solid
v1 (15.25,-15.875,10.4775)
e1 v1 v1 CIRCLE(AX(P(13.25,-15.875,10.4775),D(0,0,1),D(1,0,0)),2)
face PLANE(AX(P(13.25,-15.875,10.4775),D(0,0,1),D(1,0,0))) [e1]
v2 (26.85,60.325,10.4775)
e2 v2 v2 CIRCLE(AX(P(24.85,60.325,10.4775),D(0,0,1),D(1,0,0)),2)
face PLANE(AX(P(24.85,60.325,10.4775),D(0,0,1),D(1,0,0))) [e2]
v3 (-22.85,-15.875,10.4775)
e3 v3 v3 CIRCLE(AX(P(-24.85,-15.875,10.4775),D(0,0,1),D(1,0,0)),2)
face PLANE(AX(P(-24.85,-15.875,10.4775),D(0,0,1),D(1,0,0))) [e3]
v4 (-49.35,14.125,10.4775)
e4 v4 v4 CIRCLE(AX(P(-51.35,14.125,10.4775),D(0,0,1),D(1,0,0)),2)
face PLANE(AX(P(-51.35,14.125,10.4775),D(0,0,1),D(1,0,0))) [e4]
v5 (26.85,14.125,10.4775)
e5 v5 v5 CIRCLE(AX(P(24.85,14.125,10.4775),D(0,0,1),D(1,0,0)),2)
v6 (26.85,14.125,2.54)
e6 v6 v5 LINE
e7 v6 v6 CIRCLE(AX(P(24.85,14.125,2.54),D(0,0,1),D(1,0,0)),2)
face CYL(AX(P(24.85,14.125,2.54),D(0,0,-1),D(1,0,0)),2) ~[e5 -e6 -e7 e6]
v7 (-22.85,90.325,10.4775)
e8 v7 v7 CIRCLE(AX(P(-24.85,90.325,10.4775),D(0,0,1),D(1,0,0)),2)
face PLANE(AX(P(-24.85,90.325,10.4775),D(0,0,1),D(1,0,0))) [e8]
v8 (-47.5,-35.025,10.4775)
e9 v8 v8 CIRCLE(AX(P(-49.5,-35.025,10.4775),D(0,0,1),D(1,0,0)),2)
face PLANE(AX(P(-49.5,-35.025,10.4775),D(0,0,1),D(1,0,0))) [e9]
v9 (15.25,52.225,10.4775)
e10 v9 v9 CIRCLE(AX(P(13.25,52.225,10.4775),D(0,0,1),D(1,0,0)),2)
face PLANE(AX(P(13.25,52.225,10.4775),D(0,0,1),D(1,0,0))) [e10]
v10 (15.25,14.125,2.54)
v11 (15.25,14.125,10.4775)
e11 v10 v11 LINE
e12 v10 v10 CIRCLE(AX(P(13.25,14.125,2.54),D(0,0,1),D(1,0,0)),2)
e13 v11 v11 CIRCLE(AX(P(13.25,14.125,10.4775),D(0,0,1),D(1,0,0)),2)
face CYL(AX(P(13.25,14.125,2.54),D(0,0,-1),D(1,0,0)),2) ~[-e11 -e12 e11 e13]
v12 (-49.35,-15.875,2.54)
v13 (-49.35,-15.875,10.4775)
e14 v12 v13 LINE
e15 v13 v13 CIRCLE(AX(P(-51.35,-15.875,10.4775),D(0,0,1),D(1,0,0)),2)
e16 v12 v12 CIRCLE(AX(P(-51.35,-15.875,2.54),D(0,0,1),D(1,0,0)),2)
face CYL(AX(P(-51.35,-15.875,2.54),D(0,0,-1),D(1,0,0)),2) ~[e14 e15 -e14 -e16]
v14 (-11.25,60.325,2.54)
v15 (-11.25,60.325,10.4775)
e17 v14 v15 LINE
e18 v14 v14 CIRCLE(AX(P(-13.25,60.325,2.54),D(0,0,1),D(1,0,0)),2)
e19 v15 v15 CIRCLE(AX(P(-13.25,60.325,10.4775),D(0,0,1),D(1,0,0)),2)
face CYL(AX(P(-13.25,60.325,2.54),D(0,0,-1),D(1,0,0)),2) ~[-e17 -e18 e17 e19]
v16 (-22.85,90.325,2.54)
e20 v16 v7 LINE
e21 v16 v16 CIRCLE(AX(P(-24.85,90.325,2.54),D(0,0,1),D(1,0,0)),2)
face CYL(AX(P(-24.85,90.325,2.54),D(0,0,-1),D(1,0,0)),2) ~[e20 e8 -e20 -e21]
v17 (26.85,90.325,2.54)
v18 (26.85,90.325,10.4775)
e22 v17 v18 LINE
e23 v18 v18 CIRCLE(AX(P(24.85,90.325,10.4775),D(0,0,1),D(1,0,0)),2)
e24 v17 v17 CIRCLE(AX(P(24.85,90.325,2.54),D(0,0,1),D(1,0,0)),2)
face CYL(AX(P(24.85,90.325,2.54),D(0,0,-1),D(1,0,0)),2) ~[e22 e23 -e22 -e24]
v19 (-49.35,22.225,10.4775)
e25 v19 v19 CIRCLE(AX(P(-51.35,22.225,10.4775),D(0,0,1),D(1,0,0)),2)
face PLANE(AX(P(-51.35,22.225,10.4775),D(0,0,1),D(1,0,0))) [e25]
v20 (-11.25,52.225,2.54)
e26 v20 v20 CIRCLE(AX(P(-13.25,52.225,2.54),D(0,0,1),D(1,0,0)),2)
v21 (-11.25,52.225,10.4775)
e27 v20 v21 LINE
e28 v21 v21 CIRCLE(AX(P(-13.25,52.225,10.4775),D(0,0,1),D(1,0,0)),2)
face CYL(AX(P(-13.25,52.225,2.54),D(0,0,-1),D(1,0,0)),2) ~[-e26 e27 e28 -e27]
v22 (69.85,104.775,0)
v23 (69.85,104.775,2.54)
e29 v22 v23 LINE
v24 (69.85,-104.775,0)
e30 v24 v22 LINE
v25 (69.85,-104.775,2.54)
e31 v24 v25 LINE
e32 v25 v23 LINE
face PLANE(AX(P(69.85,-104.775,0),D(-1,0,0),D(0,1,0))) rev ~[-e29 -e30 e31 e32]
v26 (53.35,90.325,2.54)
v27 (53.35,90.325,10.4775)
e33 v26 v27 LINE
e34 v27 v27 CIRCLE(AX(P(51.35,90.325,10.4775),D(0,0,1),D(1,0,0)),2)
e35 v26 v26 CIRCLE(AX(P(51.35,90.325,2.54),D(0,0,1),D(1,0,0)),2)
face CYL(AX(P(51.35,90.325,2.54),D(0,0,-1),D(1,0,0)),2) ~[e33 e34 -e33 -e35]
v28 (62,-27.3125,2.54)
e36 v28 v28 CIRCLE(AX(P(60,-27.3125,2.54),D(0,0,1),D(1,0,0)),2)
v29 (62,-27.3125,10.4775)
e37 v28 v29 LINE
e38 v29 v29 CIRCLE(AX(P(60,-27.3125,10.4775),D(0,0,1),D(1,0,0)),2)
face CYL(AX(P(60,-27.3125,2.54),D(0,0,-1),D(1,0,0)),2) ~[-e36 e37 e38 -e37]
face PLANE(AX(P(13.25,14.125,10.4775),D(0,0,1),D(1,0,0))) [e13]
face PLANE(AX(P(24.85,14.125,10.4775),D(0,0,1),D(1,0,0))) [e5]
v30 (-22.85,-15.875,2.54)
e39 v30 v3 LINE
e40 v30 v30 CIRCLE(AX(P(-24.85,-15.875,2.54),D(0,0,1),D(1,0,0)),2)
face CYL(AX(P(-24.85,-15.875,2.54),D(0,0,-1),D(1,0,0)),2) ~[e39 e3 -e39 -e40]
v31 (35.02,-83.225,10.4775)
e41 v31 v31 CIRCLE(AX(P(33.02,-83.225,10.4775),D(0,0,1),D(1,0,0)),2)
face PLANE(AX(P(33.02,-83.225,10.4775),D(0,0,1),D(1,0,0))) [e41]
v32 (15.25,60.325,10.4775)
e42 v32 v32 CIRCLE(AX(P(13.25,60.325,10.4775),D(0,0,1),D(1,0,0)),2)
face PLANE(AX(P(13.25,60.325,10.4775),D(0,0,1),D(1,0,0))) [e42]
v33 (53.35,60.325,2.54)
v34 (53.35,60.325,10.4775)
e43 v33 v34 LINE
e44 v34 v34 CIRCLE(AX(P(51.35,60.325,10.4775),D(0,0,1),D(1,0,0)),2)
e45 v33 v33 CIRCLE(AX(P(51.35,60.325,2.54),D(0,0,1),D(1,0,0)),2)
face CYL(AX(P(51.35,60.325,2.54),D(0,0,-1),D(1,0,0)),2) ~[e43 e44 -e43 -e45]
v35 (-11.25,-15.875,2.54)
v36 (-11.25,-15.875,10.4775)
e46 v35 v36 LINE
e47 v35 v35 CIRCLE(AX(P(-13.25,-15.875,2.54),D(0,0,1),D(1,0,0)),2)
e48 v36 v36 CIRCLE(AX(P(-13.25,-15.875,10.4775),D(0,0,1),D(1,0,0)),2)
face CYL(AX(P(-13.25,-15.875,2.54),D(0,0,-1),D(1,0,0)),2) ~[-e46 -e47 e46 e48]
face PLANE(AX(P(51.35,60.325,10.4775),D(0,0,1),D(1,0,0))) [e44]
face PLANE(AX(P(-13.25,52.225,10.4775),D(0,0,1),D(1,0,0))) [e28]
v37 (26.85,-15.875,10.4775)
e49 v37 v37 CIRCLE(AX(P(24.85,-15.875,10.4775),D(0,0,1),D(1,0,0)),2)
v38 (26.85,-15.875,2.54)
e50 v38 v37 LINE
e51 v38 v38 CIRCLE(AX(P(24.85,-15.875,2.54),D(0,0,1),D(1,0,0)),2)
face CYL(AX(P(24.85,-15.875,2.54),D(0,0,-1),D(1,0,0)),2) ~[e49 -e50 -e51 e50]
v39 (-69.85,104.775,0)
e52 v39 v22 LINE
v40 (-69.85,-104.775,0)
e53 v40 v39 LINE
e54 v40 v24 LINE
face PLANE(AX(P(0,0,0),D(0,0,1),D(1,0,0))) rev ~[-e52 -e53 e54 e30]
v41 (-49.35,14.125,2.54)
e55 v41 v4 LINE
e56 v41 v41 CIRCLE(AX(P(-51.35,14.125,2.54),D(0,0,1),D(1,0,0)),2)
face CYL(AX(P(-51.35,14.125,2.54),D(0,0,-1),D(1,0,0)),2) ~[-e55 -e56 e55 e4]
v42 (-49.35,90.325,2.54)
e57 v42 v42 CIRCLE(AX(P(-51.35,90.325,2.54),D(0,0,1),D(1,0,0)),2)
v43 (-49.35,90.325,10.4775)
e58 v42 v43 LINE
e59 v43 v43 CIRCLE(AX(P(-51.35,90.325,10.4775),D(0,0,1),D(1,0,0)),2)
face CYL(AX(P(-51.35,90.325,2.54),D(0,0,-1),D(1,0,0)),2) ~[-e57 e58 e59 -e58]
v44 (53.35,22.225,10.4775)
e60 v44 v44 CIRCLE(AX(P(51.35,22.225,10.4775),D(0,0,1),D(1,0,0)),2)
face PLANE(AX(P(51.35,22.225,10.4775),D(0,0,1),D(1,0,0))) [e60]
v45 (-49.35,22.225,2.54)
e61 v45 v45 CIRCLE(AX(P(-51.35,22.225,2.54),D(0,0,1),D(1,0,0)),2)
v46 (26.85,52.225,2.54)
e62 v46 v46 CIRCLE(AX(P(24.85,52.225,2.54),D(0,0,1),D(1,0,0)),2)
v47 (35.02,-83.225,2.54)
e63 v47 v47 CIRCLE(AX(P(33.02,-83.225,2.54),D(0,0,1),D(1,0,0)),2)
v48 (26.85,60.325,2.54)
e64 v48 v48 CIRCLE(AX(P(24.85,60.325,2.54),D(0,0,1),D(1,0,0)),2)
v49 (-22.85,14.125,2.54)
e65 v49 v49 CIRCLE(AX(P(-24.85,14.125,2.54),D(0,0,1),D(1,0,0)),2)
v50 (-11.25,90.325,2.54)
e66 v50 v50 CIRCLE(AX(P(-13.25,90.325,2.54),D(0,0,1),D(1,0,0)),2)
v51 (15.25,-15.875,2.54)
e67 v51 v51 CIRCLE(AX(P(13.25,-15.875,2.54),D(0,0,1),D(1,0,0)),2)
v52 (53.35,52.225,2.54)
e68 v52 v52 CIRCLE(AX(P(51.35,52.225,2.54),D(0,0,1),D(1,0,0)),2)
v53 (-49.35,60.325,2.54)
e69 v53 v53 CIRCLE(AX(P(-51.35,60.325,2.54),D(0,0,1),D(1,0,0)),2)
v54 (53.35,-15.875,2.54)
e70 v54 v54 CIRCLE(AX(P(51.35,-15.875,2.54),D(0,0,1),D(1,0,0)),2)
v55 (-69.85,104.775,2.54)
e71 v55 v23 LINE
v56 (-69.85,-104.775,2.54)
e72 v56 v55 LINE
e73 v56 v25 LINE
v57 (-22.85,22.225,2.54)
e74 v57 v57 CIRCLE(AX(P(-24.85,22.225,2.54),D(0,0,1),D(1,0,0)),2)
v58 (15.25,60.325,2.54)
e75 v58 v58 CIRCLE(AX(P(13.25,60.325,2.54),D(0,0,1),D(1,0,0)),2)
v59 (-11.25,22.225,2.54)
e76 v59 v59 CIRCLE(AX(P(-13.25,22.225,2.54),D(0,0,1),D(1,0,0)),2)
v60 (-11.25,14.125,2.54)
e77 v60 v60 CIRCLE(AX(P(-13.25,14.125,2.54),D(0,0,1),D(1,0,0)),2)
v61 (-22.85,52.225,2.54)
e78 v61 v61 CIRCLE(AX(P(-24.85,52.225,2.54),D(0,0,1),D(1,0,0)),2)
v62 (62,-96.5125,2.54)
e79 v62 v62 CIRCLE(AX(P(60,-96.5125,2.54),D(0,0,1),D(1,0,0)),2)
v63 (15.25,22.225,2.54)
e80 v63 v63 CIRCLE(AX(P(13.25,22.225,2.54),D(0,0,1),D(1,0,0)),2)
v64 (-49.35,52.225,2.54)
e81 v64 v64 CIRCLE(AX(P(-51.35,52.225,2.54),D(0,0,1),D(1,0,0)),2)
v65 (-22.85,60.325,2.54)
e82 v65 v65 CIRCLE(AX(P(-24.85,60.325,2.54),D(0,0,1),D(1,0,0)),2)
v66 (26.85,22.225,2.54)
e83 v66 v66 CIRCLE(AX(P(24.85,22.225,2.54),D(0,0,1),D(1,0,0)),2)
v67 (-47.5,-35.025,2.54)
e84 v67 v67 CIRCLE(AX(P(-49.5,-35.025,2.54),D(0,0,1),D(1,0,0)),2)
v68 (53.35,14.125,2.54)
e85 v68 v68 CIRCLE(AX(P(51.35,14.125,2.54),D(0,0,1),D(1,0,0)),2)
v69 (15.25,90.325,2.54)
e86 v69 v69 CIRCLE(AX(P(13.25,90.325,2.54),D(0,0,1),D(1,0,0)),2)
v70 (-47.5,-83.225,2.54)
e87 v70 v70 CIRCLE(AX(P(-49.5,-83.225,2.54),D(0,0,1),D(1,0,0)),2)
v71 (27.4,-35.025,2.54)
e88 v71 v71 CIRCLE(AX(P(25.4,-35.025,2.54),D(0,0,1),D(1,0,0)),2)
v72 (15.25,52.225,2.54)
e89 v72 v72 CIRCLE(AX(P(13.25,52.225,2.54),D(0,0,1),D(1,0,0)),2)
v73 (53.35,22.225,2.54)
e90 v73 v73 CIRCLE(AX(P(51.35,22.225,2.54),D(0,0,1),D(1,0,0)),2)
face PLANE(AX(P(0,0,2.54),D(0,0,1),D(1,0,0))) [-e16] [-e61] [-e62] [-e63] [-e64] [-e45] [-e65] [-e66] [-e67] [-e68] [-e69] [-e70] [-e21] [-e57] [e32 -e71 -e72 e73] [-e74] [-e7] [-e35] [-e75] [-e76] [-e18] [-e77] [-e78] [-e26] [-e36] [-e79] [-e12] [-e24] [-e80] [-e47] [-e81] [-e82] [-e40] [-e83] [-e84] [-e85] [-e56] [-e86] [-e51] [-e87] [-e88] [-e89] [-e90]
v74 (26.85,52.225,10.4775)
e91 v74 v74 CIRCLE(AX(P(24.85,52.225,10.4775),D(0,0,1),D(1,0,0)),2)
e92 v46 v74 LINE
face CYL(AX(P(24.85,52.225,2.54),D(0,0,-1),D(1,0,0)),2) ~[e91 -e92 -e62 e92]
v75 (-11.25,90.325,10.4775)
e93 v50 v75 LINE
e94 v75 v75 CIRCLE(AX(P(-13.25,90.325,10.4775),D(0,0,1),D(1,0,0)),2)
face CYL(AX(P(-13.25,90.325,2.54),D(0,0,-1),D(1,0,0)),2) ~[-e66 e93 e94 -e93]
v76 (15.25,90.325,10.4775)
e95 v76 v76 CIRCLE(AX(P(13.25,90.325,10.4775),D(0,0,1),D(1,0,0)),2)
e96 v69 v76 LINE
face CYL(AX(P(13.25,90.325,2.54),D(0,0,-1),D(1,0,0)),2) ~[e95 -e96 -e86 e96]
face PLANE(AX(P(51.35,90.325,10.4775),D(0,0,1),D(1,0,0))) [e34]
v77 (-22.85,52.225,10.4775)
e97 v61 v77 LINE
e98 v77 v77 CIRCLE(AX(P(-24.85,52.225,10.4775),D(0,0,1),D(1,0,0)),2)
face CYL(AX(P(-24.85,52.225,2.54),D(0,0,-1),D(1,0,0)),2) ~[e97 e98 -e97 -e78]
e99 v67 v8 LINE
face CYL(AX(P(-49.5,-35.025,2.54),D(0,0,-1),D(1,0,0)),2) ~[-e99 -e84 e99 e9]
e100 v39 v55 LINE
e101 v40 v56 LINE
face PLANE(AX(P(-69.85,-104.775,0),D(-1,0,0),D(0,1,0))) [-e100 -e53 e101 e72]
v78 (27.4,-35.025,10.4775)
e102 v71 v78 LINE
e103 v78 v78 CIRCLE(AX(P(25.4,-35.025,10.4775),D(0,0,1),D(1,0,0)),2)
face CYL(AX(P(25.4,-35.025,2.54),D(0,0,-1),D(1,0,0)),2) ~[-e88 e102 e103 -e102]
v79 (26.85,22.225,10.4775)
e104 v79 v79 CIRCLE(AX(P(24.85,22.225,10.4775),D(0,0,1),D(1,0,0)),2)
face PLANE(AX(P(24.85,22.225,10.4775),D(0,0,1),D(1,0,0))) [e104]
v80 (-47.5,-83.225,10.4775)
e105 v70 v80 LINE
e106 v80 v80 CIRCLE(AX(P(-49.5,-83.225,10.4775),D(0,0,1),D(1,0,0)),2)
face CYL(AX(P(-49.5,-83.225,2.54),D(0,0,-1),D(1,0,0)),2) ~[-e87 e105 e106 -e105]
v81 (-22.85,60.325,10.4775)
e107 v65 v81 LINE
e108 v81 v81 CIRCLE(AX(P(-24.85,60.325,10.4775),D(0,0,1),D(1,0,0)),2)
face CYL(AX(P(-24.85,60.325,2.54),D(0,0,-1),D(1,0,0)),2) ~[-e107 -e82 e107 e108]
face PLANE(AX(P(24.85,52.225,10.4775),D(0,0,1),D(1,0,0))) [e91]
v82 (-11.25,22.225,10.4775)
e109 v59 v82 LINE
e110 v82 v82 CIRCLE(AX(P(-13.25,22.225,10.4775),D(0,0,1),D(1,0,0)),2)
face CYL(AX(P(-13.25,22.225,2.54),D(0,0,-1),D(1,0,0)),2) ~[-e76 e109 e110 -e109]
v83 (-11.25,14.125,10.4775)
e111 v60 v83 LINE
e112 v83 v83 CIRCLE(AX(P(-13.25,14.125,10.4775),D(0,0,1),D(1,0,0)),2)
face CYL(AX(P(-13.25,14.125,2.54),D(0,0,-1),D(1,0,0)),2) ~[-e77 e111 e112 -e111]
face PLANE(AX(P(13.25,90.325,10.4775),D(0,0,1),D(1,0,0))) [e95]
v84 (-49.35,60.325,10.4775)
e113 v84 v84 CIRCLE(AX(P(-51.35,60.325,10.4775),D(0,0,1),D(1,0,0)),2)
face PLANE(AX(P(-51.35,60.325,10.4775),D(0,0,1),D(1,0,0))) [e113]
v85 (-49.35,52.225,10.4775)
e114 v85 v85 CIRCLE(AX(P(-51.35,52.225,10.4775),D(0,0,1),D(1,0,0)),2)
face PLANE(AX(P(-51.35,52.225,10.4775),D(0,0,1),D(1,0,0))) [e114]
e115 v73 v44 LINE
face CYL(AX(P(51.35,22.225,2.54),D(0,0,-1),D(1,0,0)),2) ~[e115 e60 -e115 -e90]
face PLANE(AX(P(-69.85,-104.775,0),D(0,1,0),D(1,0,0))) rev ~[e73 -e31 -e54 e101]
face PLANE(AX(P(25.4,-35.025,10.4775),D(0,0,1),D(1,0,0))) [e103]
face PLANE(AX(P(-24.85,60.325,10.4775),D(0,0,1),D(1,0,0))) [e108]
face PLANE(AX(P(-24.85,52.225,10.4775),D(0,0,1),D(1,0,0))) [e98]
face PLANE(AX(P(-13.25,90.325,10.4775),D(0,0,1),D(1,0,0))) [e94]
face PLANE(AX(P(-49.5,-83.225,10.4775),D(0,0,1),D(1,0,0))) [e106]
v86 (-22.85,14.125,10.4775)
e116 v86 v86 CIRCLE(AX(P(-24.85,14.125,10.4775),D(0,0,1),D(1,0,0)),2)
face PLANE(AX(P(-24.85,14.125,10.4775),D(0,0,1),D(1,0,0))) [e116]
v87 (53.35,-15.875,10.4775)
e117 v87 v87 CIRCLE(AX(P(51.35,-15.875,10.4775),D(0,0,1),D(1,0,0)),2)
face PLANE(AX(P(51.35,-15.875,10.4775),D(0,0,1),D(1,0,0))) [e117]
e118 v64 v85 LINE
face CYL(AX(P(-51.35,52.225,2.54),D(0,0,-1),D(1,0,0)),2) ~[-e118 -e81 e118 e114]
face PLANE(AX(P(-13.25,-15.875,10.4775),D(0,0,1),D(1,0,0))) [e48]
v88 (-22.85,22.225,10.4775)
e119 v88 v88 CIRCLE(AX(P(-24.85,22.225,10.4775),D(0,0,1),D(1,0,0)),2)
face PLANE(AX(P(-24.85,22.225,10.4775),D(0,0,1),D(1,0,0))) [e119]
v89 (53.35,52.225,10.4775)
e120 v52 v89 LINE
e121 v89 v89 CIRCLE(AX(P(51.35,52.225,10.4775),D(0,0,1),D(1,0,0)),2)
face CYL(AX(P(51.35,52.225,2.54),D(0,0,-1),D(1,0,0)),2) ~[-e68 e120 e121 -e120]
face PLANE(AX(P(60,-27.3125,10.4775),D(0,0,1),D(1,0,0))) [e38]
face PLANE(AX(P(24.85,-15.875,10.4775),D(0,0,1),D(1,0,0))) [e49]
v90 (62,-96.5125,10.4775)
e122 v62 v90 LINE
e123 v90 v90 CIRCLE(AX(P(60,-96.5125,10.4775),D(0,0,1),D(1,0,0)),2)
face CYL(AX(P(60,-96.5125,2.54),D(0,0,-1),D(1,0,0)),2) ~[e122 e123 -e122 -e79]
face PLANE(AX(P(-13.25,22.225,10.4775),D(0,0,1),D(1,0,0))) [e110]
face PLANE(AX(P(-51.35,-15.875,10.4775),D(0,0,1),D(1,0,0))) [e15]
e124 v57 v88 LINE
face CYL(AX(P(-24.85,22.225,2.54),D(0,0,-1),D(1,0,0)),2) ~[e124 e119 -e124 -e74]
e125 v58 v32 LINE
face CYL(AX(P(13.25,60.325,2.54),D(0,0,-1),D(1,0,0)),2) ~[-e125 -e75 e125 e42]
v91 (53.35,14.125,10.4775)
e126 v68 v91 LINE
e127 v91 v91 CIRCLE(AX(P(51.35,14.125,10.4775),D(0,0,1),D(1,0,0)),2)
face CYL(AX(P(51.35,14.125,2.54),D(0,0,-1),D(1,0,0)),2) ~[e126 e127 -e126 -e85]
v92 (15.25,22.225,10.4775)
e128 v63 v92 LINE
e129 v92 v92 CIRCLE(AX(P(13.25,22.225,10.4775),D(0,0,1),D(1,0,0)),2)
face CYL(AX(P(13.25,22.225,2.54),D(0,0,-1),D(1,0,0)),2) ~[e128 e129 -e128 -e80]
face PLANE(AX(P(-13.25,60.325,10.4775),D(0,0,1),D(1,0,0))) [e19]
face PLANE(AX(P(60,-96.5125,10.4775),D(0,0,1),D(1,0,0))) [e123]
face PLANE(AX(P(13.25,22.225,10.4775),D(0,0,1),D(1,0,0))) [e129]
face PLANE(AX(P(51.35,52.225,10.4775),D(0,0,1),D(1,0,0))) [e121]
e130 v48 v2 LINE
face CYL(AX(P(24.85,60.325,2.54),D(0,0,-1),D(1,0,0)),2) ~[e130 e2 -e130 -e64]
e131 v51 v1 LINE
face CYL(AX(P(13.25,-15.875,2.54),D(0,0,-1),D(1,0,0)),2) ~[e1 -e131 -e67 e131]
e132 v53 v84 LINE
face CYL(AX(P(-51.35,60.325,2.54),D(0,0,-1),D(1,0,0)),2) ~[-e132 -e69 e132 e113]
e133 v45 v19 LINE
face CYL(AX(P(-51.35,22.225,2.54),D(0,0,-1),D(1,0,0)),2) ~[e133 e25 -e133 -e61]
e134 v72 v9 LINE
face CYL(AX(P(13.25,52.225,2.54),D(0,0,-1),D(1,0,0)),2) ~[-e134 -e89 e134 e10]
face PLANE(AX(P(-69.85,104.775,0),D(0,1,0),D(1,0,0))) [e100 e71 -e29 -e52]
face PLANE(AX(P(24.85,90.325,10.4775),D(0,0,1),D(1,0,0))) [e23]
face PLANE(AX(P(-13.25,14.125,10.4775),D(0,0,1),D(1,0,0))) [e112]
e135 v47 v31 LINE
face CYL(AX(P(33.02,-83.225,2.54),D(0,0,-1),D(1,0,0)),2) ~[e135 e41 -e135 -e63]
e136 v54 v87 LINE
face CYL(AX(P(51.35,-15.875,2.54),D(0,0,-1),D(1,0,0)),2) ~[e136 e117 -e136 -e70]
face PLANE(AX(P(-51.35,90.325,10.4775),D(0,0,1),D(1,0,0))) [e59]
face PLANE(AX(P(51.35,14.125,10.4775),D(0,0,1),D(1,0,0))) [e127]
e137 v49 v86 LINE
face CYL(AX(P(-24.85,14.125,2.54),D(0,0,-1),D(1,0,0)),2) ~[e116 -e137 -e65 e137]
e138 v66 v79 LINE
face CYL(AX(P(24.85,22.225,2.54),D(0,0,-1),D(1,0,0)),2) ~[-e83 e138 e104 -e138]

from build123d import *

# Parameters (mm, degrees)
SKETCH1_W           = 139.7
SKETCH1_H           = 209.55
BOSS_EXTRUDE1_DEPTH = 2.54
SKETCH2_R           = 2
BOSS_EXTRUDE2_DEPTH = 7.9375
SKETCH3_R           = 2
BOSS_EXTRUDE3_DEPTH = 7.9375


with BuildPart() as part:
    # Sketch1 → Boss-Extrude1 (new body)
    with BuildSketch(Plane.XY):
        Rectangle(SKETCH1_W, SKETCH1_H)
    extrude(amount=BOSS_EXTRUDE1_DEPTH)

    # Sketch2 → Boss-Extrude2 (add)
    with BuildSketch(Plane.XY.offset(2.54)):
        with Locations((-51.349999916, 14.125)):
            Circle(SKETCH2_R)
        with Locations((-24.849999916, 14.125)):
            Circle(SKETCH2_R)
        with Locations((-24.849999916, -15.875)):
            Circle(SKETCH2_R)
        with Locations((-51.349999916, -15.875)):
            Circle(SKETCH2_R)
        with Locations((13.250000084, 14.125)):
            Circle(SKETCH2_R)
        with Locations((-13.249999916, 14.125)):
            Circle(SKETCH2_R)
        with Locations((-13.249999916, -15.875)):
            Circle(SKETCH2_R)
        with Locations((13.250000084, -15.875)):
            Circle(SKETCH2_R)
        with Locations((51.350000084, 14.125)):
            Circle(SKETCH2_R)
        with Locations((24.850000084, 14.125)):
            Circle(SKETCH2_R)
        with Locations((24.850000084, -15.875)):
            Circle(SKETCH2_R)
        with Locations((51.350000084, -15.875)):
            Circle(SKETCH2_R)
        with Locations((13.250000084, 52.225)):
            Circle(SKETCH2_R)
        with Locations((-13.249999916, 52.225)):
            Circle(SKETCH2_R)
        with Locations((-13.249999916, 22.225)):
            Circle(SKETCH2_R)
        with Locations((13.250000084, 22.225)):
            Circle(SKETCH2_R)
        with Locations((51.350000084, 52.225)):
            Circle(SKETCH2_R)
        with Locations((24.850000084, 52.225)):
            Circle(SKETCH2_R)
        with Locations((24.850000084, 22.225)):
            Circle(SKETCH2_R)
        with Locations((51.350000084, 22.225)):
            Circle(SKETCH2_R)
        with Locations((13.250000084, 90.325)):
            Circle(SKETCH2_R)
        with Locations((-13.249999916, 90.325)):
            Circle(SKETCH2_R)
        with Locations((-13.249999916, 60.325)):
            Circle(SKETCH2_R)
        with Locations((13.250000084, 60.325)):
            Circle(SKETCH2_R)
        with Locations((51.350000084, 90.325)):
            Circle(SKETCH2_R)
        with Locations((24.850000084, 90.325)):
            Circle(SKETCH2_R)
        with Locations((24.850000084, 60.325)):
            Circle(SKETCH2_R)
        with Locations((51.350000084, 60.325)):
            Circle(SKETCH2_R)
        with Locations((-24.849999916, 52.225)):
            Circle(SKETCH2_R)
        with Locations((-51.349999916, 52.225)):
            Circle(SKETCH2_R)
        with Locations((-51.349999916, 22.225)):
            Circle(SKETCH2_R)
        with Locations((-24.849999916, 22.225)):
            Circle(SKETCH2_R)
        with Locations((-24.849999916, 90.325)):
            Circle(SKETCH2_R)
        with Locations((-51.349999916, 90.325)):
            Circle(SKETCH2_R)
        with Locations((-51.349999916, 60.325)):
            Circle(SKETCH2_R)
        with Locations((-24.849999916, 60.325)):
            Circle(SKETCH2_R)
    extrude(amount=BOSS_EXTRUDE2_DEPTH)

    # Sketch3 → Boss-Extrude3 (add)
    with BuildSketch(Plane.XY.offset(2.54)):
        with Locations((-49.5, -83.225)):
            Circle(SKETCH3_R)
        with Locations((33.02, -83.225)):
            Circle(SKETCH3_R)
        with Locations((60, -96.5125)):
            Circle(SKETCH3_R)
        with Locations((60, -27.3125)):
            Circle(SKETCH3_R)
        with Locations((25.4, -35.025)):
            Circle(SKETCH3_R)
        with Locations((-49.5, -35.025)):
            Circle(SKETCH3_R)
    extrude(amount=BOSS_EXTRUDE3_DEPTH)


solid = part.part
